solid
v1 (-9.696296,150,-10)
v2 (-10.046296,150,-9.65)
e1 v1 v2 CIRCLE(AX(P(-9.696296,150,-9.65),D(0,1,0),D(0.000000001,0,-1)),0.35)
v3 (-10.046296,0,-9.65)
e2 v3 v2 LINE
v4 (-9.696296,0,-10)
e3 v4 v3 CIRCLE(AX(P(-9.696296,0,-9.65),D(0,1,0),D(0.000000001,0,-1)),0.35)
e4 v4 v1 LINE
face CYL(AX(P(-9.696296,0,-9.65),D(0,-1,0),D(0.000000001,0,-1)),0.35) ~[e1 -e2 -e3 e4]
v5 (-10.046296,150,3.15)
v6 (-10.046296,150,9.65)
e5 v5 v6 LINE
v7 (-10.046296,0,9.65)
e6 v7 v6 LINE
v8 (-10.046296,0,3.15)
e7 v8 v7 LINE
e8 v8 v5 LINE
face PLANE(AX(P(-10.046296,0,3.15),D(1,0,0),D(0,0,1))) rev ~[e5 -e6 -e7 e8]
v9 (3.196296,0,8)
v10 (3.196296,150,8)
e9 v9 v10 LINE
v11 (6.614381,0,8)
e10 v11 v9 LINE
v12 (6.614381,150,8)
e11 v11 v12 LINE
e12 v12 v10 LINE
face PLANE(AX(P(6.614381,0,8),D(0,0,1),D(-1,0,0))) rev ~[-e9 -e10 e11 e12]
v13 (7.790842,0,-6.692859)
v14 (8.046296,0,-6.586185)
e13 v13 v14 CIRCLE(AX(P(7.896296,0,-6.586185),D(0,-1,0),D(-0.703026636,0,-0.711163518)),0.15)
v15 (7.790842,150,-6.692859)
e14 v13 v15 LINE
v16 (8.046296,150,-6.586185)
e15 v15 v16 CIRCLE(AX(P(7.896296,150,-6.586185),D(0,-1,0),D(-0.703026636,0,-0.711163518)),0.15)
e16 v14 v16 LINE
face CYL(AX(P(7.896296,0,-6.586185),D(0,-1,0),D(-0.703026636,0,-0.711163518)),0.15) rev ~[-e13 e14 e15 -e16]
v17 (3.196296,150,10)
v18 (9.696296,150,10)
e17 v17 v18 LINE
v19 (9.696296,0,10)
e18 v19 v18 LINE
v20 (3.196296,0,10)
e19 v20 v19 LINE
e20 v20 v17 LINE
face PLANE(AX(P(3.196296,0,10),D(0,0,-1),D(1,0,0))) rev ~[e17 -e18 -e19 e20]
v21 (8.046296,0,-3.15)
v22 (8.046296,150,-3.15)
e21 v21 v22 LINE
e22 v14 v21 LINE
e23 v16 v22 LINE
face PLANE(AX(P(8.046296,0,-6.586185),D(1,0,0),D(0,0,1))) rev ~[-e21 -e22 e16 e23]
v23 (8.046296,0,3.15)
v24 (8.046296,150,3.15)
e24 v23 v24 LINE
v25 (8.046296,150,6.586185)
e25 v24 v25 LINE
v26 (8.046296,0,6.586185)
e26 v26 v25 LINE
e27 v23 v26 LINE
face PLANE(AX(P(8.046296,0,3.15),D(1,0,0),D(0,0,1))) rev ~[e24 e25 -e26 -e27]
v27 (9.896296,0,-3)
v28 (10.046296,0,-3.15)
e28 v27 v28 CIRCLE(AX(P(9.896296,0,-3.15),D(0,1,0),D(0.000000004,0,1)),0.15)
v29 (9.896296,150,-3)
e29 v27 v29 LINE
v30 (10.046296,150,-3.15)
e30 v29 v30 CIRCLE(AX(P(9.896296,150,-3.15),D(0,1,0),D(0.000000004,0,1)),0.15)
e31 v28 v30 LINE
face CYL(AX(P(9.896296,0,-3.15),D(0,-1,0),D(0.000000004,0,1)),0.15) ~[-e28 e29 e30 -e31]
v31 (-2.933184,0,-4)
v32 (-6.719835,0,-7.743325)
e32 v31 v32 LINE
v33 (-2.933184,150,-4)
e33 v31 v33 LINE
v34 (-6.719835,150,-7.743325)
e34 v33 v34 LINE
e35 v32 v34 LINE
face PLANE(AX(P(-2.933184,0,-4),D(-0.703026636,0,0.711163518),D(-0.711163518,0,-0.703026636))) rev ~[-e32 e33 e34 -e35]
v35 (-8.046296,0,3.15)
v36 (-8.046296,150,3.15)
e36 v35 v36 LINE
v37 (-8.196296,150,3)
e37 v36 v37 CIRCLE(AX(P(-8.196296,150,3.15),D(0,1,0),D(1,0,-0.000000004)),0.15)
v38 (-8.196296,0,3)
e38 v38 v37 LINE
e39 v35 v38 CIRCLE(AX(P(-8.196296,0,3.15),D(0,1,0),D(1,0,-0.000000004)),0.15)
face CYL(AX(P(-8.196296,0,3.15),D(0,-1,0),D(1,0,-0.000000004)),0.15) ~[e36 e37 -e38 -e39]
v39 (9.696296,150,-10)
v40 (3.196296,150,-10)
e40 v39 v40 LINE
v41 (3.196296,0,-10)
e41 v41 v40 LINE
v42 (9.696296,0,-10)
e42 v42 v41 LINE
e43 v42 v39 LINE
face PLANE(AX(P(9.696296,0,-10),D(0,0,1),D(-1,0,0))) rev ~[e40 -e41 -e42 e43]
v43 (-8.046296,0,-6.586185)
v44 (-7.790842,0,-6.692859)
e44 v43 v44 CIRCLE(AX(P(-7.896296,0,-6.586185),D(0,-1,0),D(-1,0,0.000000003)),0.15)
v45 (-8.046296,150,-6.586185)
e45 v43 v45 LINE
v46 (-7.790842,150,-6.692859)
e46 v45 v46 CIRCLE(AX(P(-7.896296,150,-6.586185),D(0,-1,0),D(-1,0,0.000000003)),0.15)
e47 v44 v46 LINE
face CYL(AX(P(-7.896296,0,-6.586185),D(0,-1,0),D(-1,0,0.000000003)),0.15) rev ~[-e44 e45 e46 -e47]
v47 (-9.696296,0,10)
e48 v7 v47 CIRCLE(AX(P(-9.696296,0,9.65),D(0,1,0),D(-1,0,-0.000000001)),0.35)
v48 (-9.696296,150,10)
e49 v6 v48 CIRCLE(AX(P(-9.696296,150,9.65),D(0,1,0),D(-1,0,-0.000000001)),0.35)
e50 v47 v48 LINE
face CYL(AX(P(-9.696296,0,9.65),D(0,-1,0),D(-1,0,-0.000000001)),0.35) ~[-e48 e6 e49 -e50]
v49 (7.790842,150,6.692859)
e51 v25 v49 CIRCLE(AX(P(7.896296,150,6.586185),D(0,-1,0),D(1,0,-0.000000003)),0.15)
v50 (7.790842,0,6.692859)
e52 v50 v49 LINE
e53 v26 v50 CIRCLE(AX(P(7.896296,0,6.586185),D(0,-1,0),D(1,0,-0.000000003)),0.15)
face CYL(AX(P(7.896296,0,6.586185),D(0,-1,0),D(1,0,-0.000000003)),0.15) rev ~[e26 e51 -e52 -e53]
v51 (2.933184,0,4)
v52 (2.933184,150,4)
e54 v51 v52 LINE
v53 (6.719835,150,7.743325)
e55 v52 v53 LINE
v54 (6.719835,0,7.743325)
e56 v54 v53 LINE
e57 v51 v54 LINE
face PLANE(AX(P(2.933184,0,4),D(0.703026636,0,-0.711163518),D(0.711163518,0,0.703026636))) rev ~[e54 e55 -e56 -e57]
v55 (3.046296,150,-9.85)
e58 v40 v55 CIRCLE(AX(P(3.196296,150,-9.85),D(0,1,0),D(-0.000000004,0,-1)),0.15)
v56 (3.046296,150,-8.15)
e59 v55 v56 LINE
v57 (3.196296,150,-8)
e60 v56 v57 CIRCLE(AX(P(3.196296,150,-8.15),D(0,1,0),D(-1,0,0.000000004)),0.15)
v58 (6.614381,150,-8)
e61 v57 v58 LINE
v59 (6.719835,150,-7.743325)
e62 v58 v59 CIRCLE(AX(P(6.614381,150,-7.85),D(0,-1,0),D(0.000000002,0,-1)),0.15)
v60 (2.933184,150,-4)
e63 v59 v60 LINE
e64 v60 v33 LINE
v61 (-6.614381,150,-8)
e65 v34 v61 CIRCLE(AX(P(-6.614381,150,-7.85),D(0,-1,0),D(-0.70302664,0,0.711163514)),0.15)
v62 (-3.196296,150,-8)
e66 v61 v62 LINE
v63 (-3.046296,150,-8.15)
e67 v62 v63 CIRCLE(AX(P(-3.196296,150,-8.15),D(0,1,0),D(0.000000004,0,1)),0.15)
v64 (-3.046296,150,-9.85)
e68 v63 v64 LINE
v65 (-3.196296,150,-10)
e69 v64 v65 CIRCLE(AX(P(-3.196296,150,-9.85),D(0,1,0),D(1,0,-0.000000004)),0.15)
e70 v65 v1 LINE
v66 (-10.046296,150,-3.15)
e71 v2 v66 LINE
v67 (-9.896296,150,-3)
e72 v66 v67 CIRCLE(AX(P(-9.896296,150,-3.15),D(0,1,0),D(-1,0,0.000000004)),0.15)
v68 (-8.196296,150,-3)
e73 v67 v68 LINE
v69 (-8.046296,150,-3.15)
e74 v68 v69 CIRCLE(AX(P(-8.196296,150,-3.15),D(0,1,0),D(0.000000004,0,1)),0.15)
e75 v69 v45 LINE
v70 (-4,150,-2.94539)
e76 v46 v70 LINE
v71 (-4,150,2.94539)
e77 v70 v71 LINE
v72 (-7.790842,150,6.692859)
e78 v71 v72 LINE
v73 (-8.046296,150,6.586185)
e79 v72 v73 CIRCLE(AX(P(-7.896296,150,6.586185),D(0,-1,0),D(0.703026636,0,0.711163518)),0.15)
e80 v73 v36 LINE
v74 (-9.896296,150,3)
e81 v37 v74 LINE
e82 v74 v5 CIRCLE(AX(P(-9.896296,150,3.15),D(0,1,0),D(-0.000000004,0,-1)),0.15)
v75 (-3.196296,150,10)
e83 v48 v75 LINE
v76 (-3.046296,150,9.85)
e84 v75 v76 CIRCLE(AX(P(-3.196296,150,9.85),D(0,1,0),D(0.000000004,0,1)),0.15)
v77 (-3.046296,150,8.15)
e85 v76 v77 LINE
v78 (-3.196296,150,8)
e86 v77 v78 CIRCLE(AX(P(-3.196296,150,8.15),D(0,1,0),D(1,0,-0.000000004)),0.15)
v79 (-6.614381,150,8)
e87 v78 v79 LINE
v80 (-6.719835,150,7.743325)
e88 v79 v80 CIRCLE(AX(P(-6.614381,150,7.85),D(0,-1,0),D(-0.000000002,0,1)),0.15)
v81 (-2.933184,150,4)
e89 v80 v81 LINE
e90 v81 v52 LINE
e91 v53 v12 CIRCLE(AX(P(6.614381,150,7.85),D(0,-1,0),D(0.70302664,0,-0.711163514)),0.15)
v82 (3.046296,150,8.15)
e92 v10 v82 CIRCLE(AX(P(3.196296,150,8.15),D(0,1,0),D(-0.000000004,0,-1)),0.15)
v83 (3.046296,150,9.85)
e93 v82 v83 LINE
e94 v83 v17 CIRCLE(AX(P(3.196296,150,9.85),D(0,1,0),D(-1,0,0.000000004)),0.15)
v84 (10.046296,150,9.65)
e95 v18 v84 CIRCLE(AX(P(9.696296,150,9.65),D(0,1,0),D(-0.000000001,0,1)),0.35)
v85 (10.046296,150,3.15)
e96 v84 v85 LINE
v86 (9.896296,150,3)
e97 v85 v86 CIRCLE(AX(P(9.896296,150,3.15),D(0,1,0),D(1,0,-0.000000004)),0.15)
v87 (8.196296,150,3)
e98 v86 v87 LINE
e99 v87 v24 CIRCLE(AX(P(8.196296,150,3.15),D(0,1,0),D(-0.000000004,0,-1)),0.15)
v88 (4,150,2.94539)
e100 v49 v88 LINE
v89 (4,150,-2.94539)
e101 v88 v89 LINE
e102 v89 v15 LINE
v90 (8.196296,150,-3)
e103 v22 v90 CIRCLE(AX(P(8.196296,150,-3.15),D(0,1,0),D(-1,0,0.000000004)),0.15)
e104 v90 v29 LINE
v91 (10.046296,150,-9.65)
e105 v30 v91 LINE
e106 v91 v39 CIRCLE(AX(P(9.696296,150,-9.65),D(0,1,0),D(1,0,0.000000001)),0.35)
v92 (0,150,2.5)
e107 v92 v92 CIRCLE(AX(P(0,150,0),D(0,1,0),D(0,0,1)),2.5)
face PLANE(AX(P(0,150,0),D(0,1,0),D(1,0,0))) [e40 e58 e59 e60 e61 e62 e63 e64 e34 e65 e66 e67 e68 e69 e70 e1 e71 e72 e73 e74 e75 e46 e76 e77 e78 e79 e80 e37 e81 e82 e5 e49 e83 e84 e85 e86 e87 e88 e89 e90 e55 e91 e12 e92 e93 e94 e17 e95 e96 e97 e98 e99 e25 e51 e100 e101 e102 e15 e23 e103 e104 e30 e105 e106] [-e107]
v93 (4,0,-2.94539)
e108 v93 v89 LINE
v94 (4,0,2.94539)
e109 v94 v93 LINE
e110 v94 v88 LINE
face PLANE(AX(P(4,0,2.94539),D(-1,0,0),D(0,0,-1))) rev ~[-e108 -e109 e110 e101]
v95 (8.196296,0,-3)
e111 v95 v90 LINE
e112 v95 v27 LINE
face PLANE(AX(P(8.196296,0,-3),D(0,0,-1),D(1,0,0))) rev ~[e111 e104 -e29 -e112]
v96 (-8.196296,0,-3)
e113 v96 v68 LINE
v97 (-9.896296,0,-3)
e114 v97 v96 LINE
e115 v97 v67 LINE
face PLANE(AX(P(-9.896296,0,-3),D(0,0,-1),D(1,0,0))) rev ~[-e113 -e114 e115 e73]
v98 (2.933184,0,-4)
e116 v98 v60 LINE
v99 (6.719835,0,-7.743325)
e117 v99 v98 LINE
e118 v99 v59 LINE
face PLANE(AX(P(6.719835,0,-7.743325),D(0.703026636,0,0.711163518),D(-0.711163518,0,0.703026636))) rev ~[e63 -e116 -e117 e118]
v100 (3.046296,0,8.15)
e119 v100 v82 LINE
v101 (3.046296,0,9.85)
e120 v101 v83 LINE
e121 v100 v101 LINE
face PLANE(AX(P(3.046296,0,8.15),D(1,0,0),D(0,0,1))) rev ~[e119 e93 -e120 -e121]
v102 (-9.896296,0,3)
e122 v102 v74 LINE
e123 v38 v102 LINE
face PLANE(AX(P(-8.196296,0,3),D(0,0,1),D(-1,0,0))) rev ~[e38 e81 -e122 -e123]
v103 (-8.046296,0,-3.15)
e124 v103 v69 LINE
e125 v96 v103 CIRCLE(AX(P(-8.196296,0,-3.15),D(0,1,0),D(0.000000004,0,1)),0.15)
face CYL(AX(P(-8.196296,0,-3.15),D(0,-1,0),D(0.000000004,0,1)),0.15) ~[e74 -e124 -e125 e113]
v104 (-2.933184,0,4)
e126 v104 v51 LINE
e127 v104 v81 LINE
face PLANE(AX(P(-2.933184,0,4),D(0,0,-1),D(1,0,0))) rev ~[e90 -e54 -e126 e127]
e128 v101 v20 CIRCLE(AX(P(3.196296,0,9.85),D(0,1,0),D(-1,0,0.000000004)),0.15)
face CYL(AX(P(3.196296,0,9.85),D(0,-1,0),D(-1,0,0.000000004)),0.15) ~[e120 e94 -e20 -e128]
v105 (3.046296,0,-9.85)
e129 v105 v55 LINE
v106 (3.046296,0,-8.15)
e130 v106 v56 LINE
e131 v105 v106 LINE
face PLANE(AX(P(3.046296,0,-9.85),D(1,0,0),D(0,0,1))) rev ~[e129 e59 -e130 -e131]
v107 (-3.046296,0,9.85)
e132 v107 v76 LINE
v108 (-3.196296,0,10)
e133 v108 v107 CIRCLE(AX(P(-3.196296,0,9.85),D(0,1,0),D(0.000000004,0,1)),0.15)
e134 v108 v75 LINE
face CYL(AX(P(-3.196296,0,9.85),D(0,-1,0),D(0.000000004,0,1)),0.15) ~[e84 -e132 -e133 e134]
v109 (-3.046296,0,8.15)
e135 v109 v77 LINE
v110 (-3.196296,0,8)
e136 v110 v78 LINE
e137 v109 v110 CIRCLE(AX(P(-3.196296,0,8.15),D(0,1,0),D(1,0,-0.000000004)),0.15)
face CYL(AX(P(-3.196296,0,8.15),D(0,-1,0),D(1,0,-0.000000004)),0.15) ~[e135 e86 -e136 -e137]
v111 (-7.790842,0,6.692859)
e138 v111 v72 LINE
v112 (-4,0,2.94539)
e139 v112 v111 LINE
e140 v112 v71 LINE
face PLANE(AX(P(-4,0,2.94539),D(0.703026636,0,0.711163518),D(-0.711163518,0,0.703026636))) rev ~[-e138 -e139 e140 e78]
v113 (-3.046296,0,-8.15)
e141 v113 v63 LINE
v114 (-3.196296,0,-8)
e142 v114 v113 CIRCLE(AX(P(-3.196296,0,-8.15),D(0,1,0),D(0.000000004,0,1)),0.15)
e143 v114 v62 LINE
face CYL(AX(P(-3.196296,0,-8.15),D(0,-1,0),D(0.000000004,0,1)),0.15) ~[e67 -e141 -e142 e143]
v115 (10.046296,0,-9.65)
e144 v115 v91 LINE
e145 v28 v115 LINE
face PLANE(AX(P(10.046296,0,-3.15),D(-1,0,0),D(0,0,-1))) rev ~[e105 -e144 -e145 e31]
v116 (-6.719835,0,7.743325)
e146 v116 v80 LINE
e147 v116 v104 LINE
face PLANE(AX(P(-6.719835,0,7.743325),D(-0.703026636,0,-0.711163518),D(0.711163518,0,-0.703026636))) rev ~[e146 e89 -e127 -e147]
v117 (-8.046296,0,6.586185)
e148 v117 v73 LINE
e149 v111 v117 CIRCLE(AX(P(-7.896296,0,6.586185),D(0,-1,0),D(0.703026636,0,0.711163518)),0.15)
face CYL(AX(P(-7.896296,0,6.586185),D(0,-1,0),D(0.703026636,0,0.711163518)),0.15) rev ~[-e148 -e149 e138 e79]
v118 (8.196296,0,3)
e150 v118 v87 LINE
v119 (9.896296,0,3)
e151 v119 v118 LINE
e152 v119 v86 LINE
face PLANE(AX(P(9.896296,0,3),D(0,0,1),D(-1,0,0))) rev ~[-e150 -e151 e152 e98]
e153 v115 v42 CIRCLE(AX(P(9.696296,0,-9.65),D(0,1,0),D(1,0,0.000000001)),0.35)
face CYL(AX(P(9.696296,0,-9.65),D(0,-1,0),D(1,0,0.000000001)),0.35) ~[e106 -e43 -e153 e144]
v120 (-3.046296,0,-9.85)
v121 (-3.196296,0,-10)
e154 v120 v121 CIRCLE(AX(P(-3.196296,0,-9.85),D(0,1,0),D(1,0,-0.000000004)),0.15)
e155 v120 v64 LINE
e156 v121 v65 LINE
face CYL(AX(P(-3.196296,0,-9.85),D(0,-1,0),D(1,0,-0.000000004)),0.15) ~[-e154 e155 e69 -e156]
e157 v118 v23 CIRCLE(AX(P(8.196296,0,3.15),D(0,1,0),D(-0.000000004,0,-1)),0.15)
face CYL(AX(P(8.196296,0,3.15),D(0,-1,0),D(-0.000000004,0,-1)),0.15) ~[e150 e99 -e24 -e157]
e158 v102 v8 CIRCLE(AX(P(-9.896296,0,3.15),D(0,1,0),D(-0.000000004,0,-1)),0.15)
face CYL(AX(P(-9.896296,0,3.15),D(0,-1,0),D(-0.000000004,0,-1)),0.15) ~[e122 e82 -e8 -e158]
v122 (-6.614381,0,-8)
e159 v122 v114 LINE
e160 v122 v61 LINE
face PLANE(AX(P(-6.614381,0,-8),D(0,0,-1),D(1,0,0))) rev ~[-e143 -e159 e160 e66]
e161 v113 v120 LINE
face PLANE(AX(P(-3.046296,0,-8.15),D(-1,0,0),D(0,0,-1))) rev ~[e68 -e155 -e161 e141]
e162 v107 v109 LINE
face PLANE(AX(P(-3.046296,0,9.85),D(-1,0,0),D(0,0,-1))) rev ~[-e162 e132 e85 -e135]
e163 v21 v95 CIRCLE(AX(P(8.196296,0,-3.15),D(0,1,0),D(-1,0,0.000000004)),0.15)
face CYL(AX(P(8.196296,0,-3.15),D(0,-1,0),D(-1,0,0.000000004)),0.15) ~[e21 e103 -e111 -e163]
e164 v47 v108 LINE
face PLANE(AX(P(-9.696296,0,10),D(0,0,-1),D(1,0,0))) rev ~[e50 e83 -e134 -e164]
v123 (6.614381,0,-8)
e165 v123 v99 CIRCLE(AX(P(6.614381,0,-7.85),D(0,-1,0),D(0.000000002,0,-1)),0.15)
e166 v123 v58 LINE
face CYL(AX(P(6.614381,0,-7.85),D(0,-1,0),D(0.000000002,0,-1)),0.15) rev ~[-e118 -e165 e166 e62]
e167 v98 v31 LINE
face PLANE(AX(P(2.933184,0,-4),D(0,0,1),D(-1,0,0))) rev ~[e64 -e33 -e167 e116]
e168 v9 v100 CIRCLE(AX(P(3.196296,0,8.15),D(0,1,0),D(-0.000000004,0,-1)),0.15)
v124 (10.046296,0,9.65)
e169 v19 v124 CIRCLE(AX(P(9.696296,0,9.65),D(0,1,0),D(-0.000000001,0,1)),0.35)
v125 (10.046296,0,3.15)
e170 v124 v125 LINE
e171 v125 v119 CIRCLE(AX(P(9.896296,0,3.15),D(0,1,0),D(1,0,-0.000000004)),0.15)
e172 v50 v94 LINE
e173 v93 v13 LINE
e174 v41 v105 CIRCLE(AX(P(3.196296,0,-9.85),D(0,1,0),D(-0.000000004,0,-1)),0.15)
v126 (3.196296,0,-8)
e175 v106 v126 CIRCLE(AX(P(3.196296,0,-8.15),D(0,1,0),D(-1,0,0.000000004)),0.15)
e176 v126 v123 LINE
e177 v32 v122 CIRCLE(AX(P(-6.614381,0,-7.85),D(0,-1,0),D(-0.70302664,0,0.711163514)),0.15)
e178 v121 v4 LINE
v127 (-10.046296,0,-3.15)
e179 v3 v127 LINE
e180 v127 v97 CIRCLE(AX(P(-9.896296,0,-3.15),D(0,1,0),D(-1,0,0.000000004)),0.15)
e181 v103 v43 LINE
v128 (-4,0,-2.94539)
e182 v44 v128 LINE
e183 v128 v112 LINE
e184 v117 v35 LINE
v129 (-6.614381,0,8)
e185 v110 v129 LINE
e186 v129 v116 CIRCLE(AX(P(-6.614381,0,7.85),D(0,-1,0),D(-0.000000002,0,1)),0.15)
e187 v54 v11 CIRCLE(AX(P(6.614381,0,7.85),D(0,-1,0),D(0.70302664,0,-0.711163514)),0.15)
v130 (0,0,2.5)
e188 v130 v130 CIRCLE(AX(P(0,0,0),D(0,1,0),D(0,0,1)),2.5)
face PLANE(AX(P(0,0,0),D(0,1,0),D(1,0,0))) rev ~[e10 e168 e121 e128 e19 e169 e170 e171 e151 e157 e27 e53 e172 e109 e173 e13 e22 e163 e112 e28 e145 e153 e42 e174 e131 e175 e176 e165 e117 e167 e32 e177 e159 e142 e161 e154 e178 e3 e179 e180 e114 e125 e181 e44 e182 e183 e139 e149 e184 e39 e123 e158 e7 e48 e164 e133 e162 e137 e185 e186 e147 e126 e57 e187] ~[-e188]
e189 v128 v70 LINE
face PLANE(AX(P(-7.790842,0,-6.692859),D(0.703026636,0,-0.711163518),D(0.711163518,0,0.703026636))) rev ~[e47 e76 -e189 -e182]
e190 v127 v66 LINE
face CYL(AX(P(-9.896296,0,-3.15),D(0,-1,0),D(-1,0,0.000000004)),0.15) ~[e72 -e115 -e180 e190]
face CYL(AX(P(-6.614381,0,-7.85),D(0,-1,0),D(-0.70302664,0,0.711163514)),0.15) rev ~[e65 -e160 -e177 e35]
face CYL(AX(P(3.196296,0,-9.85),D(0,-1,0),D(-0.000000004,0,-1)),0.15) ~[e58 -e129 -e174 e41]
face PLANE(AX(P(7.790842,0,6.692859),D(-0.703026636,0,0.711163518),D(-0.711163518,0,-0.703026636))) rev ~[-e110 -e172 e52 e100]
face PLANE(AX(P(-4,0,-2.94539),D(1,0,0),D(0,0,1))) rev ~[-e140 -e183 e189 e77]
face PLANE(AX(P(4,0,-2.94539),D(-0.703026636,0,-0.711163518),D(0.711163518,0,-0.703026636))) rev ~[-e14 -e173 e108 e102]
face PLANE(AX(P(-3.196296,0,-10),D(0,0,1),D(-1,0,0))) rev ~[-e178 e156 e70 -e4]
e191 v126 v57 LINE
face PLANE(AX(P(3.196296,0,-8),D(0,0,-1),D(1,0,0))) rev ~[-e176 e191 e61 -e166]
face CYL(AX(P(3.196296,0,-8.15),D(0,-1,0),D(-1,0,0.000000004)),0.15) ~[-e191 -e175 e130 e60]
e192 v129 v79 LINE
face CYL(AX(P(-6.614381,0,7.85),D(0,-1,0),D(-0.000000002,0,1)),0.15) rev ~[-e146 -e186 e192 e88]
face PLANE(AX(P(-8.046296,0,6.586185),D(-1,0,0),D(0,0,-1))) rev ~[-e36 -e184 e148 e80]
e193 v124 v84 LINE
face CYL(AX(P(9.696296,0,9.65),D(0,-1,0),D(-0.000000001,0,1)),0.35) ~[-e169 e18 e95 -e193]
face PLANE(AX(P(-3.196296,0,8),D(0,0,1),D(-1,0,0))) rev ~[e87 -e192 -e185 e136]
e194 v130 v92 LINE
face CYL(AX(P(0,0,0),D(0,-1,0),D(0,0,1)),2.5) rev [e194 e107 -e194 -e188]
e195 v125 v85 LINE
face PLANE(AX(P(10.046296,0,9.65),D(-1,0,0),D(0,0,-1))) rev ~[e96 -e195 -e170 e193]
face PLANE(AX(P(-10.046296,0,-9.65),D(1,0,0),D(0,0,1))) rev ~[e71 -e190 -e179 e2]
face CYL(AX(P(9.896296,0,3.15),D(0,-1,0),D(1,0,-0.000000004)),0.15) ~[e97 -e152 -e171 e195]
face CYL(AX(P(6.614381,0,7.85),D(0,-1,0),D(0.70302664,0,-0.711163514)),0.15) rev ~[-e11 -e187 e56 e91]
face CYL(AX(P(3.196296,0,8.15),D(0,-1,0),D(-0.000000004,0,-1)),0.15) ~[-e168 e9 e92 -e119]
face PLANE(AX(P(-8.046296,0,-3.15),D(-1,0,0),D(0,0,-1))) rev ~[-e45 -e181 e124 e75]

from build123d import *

# Parameters (mm, degrees)
SKETCH1_R           = 2.5
BOSS_EXTRUDE2_DEPTH = 150


with BuildPart() as part:
    # Sketch1 → Boss-Extrude2 (new body)
    with BuildSketch(Plane(origin=(0, 0, 0), x_dir=(1, 0, 0), z_dir=(0, 1, 0))):
        with BuildLine():
            Line((-9.896296296, 3), (-8.196296296, 3))
            ThreePointArc((-8.196296296, 3), (-8.090230279, 3.043933983), (-8.046296296, 3.15))
            Line((-8.046296296, 3.15), (-8.046296296, 6.586184513))
            ThreePointArc((-8.046296296, 6.586184513), (-7.954097251, 6.724600732), (-7.790842301, 6.692859041))
            Line((-7.790842301, 6.692859041), (-4, 2.945390222))
            Line((-4, 2.945390222), (-4, -2.945390222))
            Line((-4, -2.945390222), (-7.790842301, -6.692859041))
            ThreePointArc((-7.790842301, -6.692859041), (-7.954097251, -6.724600732), (-8.046296296, -6.586184513))
            Line((-8.046296296, -6.586184513), (-8.046296296, -3.15))
            ThreePointArc((-8.046296296, -3.15), (-8.090230279, -3.043933983), (-8.196296296, -3))
            Line((-8.196296296, -3), (-9.896296296, -3))
            ThreePointArc((-9.896296296, -3), (-10.002362313, -3.043933983), (-10.046296296, -3.15))
            Line((-10.046296296, -3.15), (-10.046296296, -9.65))
            ThreePointArc((-10.046296296, -9.65), (-9.94378367, -9.897487373), (-9.696296296, -10))
            Line((-9.696296296, -10), (-3.196296296, -10))
            ThreePointArc((-3.196296296, -10), (-3.090230279, -9.956066017), (-3.046296296, -9.85))
            Line((-3.046296296, -9.85), (-3.046296296, -8.15))
            ThreePointArc((-3.046296296, -8.15), (-3.090230279, -8.043933983), (-3.196296296, -8))
            Line((-3.196296296, -8), (-6.614381093, -8))
            ThreePointArc((-6.614381093, -8), (-6.753127587, -7.9070036), (-6.719835089, -7.743325472))
            Line((-6.719835089, -7.743325472), (-2.93318409, -4))
            Line((-2.93318409, -4), (2.93318409, -4))
            Line((2.93318409, -4), (6.719835089, -7.743325472))
            ThreePointArc((6.719835089, -7.743325472), (6.753127587, -7.9070036), (6.614381093, -8))
            Line((6.614381093, -8), (3.196296296, -8))
            ThreePointArc((3.196296296, -8), (3.090230279, -8.043933983), (3.046296296, -8.15))
            Line((3.046296296, -8.15), (3.046296296, -9.85))
            ThreePointArc((3.046296296, -9.85), (3.090230279, -9.956066017), (3.196296296, -10))
            Line((3.196296296, -10), (9.696296296, -10))
            ThreePointArc((9.696296296, -10), (9.94378367, -9.897487373), (10.046296296, -9.65))
            Line((10.046296296, -9.65), (10.046296296, -3.15))
            ThreePointArc((10.046296296, -3.15), (10.002362313, -3.043933983), (9.896296296, -3))
            Line((9.896296296, -3), (8.196296296, -3))
            ThreePointArc((8.196296296, -3), (8.090230279, -3.043933983), (8.046296296, -3.15))
            Line((8.046296296, -3.15), (8.046296296, -6.586184513))
            ThreePointArc((8.046296296, -6.586184513), (7.954097251, -6.724600732), (7.790842301, -6.692859041))
            Line((7.790842301, -6.692859041), (4, -2.945390222))
            Line((4, -2.945390222), (4, 2.945390222))
            Line((4, 2.945390222), (7.790842301, 6.692859041))
            ThreePointArc((7.790842301, 6.692859041), (7.954097251, 6.724600732), (8.046296296, 6.586184513))
            Line((8.046296296, 6.586184513), (8.046296296, 3.15))
            ThreePointArc((8.046296296, 3.15), (8.090230279, 3.043933983), (8.196296296, 3))
            Line((8.196296296, 3), (9.896296296, 3))
            ThreePointArc((9.896296296, 3), (10.002362313, 3.043933983), (10.046296296, 3.15))
            Line((10.046296296, 3.15), (10.046296296, 9.65))
            ThreePointArc((10.046296296, 9.65), (9.94378367, 9.897487373), (9.696296296, 10))
            Line((9.696296296, 10), (3.196296296, 10))
            ThreePointArc((3.196296296, 10), (3.090230279, 9.956066017), (3.046296296, 9.85))
            Line((3.046296296, 9.85), (3.046296296, 8.15))
            ThreePointArc((3.046296296, 8.15), (3.090230279, 8.043933983), (3.196296296, 8))
            Line((3.196296296, 8), (6.614381093, 8))
            ThreePointArc((6.614381093, 8), (6.753127587, 7.9070036), (6.719835089, 7.743325472))
            Line((6.719835089, 7.743325472), (2.93318409, 4))
            Line((2.93318409, 4), (-2.93318409, 4))
            Line((-2.93318409, 4), (-6.719835089, 7.743325472))
            ThreePointArc((-6.719835089, 7.743325472), (-6.753127587, 7.9070036), (-6.614381093, 8))
            Line((-6.614381093, 8), (-3.196296296, 8))
            ThreePointArc((-3.196296296, 8), (-3.090230279, 8.043933983), (-3.046296296, 8.15))
            Line((-3.046296296, 8.15), (-3.046296296, 9.85))
            ThreePointArc((-3.046296296, 9.85), (-3.090230279, 9.956066017), (-3.196296296, 10))
            Line((-3.196296296, 10), (-9.696296296, 10))
            ThreePointArc((-9.696296296, 10), (-9.94378367, 9.897487373), (-10.046296296, 9.65))
            Line((-10.046296296, 9.65), (-10.046296296, 3.15))
            ThreePointArc((-10.046296296, 3.15), (-10.002362313, 3.043933983), (-9.896296296, 3))
        make_face()
        with Locations(Location((0, 0, 0), (0, 0, 270))):
            Circle(SKETCH1_R, mode=Mode.SUBTRACT)
    extrude(amount=BOSS_EXTRUDE2_DEPTH)


solid = part.part
